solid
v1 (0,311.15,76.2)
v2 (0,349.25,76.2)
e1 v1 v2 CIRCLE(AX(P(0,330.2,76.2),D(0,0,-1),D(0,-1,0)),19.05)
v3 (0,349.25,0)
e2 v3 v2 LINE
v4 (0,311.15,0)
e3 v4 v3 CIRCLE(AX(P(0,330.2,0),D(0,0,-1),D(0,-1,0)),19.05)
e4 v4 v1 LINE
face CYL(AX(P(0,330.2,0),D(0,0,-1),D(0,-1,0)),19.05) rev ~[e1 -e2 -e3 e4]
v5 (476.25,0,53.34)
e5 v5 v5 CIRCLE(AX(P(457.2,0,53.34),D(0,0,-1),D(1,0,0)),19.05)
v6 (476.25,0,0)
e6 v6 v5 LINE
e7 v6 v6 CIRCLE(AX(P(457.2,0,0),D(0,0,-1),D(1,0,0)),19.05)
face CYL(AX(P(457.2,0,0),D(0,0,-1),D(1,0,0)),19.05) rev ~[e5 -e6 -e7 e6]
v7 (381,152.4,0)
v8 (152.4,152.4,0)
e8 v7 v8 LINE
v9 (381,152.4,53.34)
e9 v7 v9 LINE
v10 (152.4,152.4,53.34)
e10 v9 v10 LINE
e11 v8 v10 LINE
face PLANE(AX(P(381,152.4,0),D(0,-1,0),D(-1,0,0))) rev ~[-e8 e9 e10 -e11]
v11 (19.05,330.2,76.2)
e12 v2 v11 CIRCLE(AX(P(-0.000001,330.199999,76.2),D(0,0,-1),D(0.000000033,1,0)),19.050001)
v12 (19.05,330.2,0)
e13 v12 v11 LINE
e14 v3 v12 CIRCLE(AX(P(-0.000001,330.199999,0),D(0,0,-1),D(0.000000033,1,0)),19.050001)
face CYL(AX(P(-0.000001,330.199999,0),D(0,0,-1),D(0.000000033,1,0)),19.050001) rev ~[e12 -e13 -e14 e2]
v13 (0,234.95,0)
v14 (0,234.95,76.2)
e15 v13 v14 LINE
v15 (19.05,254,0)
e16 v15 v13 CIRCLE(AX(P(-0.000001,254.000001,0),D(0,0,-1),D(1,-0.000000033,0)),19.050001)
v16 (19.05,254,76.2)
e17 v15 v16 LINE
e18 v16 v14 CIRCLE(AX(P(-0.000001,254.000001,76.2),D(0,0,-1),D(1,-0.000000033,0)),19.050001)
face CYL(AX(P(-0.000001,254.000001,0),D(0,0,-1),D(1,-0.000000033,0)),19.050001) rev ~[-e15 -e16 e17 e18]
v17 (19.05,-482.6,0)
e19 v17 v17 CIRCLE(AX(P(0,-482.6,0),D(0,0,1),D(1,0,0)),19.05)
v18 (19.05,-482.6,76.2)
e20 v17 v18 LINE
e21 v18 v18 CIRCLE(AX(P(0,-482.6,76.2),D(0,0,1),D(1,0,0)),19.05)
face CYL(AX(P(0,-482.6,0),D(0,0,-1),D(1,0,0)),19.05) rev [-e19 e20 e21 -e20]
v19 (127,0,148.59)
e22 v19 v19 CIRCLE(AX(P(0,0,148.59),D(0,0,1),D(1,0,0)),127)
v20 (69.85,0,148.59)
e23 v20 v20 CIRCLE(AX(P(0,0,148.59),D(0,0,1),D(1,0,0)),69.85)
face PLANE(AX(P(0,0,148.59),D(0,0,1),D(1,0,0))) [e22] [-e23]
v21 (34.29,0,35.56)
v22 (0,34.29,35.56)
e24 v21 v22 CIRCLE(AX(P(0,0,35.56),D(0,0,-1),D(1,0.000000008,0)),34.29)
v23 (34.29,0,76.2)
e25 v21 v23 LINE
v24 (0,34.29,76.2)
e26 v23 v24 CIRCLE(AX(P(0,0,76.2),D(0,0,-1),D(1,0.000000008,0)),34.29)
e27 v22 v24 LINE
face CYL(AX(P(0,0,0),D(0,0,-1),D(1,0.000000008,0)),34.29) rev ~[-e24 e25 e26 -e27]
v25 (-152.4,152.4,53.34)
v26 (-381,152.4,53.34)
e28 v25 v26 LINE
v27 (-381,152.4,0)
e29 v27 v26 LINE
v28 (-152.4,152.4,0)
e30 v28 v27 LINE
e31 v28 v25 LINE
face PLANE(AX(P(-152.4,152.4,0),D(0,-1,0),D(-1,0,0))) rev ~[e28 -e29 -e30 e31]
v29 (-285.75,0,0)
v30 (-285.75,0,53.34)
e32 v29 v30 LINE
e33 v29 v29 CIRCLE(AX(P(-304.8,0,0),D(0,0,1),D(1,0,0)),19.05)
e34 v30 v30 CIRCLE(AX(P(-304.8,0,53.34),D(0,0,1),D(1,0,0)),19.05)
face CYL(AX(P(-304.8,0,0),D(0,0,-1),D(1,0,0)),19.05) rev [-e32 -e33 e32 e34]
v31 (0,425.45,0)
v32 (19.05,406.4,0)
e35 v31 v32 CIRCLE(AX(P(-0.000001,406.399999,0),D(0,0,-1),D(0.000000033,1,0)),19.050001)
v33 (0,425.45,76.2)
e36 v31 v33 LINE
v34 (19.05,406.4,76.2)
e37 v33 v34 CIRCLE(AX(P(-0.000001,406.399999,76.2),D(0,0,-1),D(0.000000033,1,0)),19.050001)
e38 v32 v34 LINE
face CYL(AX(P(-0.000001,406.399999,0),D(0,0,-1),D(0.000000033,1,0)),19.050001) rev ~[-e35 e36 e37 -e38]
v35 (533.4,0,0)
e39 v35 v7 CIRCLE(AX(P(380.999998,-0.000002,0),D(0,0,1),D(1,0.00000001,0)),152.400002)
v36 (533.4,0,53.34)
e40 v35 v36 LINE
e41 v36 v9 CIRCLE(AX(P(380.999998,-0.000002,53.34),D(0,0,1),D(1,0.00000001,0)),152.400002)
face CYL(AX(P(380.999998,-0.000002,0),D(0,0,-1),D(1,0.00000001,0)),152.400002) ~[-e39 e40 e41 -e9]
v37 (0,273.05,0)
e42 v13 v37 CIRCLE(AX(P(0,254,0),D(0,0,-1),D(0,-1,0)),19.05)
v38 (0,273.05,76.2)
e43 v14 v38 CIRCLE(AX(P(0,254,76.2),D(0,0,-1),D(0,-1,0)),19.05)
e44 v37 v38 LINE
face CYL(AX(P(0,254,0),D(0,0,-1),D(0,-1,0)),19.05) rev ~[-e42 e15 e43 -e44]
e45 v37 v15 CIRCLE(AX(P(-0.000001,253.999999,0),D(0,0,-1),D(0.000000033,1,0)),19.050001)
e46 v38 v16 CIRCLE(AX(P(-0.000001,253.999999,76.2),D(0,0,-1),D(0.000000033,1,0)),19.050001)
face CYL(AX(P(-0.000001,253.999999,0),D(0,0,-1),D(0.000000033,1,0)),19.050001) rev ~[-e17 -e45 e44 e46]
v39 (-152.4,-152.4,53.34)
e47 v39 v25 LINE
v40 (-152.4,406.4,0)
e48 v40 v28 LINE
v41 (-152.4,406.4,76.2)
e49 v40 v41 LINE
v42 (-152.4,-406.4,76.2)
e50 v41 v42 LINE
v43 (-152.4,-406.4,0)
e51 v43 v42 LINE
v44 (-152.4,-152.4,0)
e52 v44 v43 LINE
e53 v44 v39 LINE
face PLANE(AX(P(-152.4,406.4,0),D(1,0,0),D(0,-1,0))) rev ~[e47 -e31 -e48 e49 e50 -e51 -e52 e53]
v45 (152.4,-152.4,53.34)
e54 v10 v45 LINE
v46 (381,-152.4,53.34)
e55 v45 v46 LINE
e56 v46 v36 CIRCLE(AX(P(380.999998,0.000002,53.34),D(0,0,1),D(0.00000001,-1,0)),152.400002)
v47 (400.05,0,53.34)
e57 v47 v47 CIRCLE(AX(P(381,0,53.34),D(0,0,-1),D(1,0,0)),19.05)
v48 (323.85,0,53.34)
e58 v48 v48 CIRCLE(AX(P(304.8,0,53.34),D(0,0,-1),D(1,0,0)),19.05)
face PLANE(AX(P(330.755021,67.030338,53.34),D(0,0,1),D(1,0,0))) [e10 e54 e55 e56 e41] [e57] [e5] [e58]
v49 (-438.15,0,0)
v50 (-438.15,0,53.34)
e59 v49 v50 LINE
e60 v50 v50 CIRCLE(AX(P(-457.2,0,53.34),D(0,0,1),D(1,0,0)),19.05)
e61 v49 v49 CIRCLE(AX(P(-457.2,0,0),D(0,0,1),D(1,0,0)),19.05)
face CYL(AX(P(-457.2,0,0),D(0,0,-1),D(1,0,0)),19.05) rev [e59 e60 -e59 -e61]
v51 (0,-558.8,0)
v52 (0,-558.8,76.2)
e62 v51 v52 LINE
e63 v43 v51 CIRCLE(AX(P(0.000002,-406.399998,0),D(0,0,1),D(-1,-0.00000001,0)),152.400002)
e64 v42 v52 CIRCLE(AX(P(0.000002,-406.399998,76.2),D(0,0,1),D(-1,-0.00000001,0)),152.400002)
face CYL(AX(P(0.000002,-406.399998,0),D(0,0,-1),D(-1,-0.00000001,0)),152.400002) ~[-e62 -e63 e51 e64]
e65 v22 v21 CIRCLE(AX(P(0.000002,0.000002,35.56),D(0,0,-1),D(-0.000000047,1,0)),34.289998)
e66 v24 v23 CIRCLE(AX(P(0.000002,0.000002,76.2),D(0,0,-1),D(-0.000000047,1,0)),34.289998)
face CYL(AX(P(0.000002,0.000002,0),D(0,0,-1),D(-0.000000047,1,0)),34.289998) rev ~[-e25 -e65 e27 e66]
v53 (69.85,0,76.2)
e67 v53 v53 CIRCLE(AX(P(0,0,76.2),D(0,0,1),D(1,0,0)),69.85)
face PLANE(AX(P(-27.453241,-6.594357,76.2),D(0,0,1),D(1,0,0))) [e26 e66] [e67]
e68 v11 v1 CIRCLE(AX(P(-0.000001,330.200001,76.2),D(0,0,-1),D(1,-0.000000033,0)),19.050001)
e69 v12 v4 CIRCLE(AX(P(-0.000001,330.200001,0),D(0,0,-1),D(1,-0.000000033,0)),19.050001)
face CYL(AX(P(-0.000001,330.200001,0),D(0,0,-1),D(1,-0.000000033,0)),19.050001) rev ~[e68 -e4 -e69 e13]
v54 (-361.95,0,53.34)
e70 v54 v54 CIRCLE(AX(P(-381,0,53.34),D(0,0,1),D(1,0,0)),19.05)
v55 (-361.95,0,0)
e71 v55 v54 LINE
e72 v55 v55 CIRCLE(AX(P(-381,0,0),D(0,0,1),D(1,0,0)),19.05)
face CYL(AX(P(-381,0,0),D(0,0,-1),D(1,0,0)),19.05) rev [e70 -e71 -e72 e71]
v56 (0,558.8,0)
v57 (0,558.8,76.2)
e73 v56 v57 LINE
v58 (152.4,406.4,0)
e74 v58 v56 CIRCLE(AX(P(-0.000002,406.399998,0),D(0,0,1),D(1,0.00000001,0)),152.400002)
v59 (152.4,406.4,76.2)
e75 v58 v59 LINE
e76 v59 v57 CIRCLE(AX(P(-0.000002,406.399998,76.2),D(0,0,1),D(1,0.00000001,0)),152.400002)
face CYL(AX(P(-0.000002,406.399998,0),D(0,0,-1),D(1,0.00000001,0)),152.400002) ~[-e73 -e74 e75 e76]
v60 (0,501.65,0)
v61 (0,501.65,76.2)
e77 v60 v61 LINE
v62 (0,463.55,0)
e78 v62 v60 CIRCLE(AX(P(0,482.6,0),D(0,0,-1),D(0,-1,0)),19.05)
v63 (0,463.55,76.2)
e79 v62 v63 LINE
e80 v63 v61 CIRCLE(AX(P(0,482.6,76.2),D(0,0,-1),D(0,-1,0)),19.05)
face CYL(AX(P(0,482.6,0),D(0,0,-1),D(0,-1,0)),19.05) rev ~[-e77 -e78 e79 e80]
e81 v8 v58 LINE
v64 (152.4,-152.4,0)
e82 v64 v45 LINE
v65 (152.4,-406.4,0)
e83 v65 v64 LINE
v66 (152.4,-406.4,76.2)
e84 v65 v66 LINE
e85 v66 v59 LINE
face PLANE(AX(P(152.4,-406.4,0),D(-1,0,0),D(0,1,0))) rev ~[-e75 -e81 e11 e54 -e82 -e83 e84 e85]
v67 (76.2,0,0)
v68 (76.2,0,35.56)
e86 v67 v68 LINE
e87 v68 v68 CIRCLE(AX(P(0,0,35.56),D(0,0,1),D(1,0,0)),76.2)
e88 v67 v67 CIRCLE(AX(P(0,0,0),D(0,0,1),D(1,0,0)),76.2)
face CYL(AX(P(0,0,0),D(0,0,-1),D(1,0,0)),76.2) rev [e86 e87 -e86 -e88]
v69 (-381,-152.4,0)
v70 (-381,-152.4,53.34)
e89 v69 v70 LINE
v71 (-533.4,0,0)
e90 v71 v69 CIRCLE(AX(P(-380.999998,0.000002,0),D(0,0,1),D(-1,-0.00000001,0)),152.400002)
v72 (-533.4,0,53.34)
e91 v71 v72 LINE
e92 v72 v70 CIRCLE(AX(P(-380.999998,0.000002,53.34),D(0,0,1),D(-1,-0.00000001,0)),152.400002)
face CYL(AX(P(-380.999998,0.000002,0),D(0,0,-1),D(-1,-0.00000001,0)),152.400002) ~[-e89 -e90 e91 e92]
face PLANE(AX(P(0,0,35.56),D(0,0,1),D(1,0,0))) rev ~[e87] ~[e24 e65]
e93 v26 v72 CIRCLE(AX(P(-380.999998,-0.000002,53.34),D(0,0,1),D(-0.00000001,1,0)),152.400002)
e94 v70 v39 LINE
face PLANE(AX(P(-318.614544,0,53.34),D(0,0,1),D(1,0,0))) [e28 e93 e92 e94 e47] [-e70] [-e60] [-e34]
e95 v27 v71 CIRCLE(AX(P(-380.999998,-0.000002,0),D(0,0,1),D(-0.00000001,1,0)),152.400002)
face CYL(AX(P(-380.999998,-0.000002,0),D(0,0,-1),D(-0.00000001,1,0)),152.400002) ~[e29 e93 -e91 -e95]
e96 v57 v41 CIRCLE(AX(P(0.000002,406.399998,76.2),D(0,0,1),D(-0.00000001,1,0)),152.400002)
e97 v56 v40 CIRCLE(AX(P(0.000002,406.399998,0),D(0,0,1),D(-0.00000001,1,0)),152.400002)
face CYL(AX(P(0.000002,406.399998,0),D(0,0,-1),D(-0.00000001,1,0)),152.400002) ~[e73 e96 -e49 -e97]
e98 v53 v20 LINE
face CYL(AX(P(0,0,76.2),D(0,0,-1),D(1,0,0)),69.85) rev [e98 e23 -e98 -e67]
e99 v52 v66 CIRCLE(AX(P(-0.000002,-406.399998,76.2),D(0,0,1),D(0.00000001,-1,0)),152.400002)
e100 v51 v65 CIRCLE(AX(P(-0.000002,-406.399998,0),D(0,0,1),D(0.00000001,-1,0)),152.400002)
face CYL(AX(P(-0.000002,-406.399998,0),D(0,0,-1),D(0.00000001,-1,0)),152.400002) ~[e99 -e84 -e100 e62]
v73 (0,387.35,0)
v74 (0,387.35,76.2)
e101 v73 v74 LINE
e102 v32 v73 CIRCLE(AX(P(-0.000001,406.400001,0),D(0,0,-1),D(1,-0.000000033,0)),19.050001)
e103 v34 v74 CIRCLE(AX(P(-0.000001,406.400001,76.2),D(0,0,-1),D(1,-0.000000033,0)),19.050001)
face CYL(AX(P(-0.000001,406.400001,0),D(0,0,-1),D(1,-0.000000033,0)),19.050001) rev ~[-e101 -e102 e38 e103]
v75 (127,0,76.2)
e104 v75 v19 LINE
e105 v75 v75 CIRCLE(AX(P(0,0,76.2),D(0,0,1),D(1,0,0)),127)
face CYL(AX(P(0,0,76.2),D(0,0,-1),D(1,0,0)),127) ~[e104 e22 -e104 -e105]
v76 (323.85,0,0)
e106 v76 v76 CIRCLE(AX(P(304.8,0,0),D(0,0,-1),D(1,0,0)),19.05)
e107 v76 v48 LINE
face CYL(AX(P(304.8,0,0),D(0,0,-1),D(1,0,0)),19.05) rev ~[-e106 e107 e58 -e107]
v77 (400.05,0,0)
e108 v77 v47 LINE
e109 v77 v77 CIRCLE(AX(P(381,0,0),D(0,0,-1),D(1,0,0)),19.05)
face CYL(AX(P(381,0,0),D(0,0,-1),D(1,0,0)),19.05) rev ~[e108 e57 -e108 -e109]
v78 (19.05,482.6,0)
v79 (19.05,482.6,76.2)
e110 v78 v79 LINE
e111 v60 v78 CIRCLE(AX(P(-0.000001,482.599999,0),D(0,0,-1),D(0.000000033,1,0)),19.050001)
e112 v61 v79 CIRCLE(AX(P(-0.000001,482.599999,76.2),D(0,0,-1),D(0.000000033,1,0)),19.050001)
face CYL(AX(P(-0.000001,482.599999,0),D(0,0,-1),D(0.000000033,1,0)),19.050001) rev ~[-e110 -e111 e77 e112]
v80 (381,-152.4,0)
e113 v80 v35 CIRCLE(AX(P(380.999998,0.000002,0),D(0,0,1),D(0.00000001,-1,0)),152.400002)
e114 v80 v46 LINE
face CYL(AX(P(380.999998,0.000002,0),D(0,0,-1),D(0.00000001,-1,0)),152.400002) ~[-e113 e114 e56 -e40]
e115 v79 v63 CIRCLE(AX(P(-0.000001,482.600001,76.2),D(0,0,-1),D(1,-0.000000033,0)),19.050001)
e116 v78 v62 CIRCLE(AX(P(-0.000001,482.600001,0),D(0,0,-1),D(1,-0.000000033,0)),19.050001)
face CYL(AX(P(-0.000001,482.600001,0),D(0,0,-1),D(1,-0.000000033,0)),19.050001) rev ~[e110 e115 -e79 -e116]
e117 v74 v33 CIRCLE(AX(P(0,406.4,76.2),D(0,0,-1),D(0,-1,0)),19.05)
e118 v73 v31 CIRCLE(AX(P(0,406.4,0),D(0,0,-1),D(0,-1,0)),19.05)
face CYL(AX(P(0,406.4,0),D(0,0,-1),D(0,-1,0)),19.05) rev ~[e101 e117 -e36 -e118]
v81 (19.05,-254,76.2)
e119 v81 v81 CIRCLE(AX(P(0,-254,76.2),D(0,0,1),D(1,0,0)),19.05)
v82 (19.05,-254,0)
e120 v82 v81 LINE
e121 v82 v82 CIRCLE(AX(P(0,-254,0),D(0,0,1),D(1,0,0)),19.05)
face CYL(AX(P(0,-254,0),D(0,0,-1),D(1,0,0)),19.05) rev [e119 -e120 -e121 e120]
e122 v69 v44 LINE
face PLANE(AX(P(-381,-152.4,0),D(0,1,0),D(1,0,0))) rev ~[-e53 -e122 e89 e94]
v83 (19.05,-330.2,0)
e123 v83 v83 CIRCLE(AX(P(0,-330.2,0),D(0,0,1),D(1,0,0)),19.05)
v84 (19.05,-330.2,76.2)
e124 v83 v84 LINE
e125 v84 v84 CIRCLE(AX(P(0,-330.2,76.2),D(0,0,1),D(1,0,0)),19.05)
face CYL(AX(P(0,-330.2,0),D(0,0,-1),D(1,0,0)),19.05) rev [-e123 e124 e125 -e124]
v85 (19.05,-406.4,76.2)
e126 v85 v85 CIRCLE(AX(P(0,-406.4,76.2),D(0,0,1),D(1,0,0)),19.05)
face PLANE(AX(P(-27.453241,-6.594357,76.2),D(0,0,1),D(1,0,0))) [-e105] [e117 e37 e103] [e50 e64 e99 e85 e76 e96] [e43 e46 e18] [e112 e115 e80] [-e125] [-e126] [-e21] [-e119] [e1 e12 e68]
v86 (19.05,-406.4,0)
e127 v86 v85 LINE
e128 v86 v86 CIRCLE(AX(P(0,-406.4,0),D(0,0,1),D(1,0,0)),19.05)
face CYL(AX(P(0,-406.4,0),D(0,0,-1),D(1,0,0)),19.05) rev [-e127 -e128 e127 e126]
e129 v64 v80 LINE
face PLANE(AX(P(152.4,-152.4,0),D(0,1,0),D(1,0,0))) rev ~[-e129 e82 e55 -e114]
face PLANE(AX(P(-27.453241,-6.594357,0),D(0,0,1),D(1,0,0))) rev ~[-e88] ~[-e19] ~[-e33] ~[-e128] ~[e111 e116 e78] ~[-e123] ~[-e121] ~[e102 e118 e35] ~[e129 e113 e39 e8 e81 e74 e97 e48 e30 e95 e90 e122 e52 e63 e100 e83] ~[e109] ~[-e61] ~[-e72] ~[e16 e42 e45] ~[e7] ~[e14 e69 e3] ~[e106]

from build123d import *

# Parameters (mm, degrees)
F0_R     = 19.05
F1_DEPTH = 76.2
F2_DEPTH = 53.34
F3_R     = 127
F3_R_2   = 69.85
F4_DEPTH = 72.39
F5_R     = 76.2
F6_DEPTH = 35.56


with BuildPart() as f1:
    # F0 (on Top) → F1 (new body)
    with BuildSketch(Plane.XY):
        with BuildLine():
            ThreePointArc((34.29, 0), (-24.246692, -24.246692), (0, 34.29))
            Line((0, 34.29), (0, 234.95))
            ThreePointArc((0, 234.95), (-19.05, 254), (0, 273.05))
            Line((0, 273.05), (0, 311.15))
            ThreePointArc((0, 311.15), (-19.05, 330.2), (0, 349.25))
            Line((0, 349.25), (0, 387.35))
            ThreePointArc((0, 387.35), (-19.05, 406.4), (0, 425.45))
            Line((0, 425.45), (0, 463.55))
            ThreePointArc((0, 463.55), (-19.05, 482.6), (0, 501.65))
            Line((0, 501.65), (0, 558.8))
            ThreePointArc((0, 558.8), (-107.763073, 514.163073), (-152.4, 406.4))
            Line((-152.4, 406.4), (-152.4, 152.4))
            Line((-152.4, 152.4), (-152.4, -152.4))
            Line((-152.4, -152.4), (-152.4, -406.4))
            ThreePointArc((-152.4, -406.4), (-107.763073, -514.163073), (0, -558.8))
            ThreePointArc((0, -558.8), (107.763073, -514.163073), (152.4, -406.4))
            Line((152.4, -406.4), (152.4, -152.4))
            Line((152.4, -152.4), (152.4, 0))
            Line((152.4, 0), (34.29, 0))
        make_face()
        with Locations((0, -482.6)):
            Circle(F0_R, mode=Mode.SUBTRACT)
        with Locations((0, -406.4)):
            Circle(F0_R, mode=Mode.SUBTRACT)
        with Locations((0, -330.2)):
            Circle(F0_R, mode=Mode.SUBTRACT)
        with Locations((0, -254)):
            Circle(F0_R, mode=Mode.SUBTRACT)
        with BuildLine():
            Line((0, 234.95), (0, 34.29))
            ThreePointArc((0, 34.29), (24.246692, 24.246692), (34.29, 0))
            Line((34.29, 0), (152.4, 0))
            Line((152.4, 0), (152.4, 152.4))
            Line((152.4, 152.4), (152.4, 406.4))
            ThreePointArc((152.4, 406.4), (107.763073, 514.163073), (0, 558.8))
            Line((0, 558.8), (0, 501.65))
            ThreePointArc((0, 501.65), (13.470384, 496.070384), (19.05, 482.6))
            ThreePointArc((19.05, 482.6), (13.470384, 469.129616), (0, 463.55))
            Line((0, 463.55), (0, 425.45))
            ThreePointArc((0, 425.45), (13.470384, 419.870384), (19.05, 406.4))
            ThreePointArc((19.05, 406.4), (13.470384, 392.929616), (0, 387.35))
            Line((0, 387.35), (0, 349.25))
            ThreePointArc((0, 349.25), (13.470384, 343.670384), (19.05, 330.2))
            ThreePointArc((19.05, 330.2), (13.470384, 316.729616), (0, 311.15))
            Line((0, 311.15), (0, 273.05))
            ThreePointArc((0, 273.05), (13.470384, 267.470384), (19.05, 254))
            ThreePointArc((19.05, 254), (13.470384, 240.529616), (0, 234.95))
        make_face()
    extrude(amount=F1_DEPTH)

    # F0 (on Top) → F2 (join)
    with BuildSketch(Plane.XY):
        with BuildLine():
            Line((-381, -152.4), (-152.4, -152.4))
            Line((-152.4, -152.4), (-152.4, 152.4))
            Line((-152.4, 152.4), (-381, 152.4))
            ThreePointArc((-381, 152.4), (-488.763073, 107.763073), (-533.4, 0))
            ThreePointArc((-533.4, 0), (-488.763073, -107.763073), (-381, -152.4))
        make_face()
        with Locations((-457.2, 0)):
            Circle(F0_R, mode=Mode.SUBTRACT)
        with Locations((-381, 0)):
            Circle(F0_R, mode=Mode.SUBTRACT)
        with Locations((-304.8, 0)):
            Circle(F0_R, mode=Mode.SUBTRACT)
        with BuildLine():
            Line((152.4, 152.4), (152.4, 0))
            Line((152.4, 0), (285.75, 0))
            ThreePointArc((285.75, 0), (304.8, 19.05), (323.85, 0))
            Line((323.85, 0), (361.95, 0))
            ThreePointArc((361.95, 0), (381, 19.05), (400.05, 0))
            Line((400.05, 0), (438.15, 0))
            ThreePointArc((438.15, 0), (457.2, 19.05), (476.25, 0))
            Line((476.25, 0), (533.4, 0))
            ThreePointArc((533.4, 0), (488.763073, 107.763073), (381, 152.4))
            Line((381, 152.4), (152.4, 152.4))
        make_face()
        with BuildLine():
            Line((285.75, 0), (152.4, 0))
            Line((152.4, 0), (152.4, -152.4))
            Line((152.4, -152.4), (381, -152.4))
            ThreePointArc((381, -152.4), (488.763073, -107.763073), (533.4, 0))
            Line((533.4, 0), (476.25, 0))
            ThreePointArc((476.25, 0), (457.2, -19.05), (438.15, 0))
            Line((438.15, 0), (400.05, 0))
            ThreePointArc((400.05, 0), (381, -19.05), (361.95, 0))
            Line((361.95, 0), (323.85, 0))
            ThreePointArc((323.85, 0), (304.8, -19.05), (285.75, 0))
        make_face()
    extrude(amount=F2_DEPTH)

    # F3 (on face) → F4 (join)
    with BuildSketch(Plane.XY.offset(76.2)):
        Circle(F3_R)
        Circle(F3_R_2, mode=Mode.SUBTRACT)
    extrude(amount=F4_DEPTH)

    # F5 (on face) → F6 (cut)
    with BuildSketch(Plane.XY):
        Circle(F5_R)
    extrude(amount=F6_DEPTH, mode=Mode.SUBTRACT)


solid = f1.part
